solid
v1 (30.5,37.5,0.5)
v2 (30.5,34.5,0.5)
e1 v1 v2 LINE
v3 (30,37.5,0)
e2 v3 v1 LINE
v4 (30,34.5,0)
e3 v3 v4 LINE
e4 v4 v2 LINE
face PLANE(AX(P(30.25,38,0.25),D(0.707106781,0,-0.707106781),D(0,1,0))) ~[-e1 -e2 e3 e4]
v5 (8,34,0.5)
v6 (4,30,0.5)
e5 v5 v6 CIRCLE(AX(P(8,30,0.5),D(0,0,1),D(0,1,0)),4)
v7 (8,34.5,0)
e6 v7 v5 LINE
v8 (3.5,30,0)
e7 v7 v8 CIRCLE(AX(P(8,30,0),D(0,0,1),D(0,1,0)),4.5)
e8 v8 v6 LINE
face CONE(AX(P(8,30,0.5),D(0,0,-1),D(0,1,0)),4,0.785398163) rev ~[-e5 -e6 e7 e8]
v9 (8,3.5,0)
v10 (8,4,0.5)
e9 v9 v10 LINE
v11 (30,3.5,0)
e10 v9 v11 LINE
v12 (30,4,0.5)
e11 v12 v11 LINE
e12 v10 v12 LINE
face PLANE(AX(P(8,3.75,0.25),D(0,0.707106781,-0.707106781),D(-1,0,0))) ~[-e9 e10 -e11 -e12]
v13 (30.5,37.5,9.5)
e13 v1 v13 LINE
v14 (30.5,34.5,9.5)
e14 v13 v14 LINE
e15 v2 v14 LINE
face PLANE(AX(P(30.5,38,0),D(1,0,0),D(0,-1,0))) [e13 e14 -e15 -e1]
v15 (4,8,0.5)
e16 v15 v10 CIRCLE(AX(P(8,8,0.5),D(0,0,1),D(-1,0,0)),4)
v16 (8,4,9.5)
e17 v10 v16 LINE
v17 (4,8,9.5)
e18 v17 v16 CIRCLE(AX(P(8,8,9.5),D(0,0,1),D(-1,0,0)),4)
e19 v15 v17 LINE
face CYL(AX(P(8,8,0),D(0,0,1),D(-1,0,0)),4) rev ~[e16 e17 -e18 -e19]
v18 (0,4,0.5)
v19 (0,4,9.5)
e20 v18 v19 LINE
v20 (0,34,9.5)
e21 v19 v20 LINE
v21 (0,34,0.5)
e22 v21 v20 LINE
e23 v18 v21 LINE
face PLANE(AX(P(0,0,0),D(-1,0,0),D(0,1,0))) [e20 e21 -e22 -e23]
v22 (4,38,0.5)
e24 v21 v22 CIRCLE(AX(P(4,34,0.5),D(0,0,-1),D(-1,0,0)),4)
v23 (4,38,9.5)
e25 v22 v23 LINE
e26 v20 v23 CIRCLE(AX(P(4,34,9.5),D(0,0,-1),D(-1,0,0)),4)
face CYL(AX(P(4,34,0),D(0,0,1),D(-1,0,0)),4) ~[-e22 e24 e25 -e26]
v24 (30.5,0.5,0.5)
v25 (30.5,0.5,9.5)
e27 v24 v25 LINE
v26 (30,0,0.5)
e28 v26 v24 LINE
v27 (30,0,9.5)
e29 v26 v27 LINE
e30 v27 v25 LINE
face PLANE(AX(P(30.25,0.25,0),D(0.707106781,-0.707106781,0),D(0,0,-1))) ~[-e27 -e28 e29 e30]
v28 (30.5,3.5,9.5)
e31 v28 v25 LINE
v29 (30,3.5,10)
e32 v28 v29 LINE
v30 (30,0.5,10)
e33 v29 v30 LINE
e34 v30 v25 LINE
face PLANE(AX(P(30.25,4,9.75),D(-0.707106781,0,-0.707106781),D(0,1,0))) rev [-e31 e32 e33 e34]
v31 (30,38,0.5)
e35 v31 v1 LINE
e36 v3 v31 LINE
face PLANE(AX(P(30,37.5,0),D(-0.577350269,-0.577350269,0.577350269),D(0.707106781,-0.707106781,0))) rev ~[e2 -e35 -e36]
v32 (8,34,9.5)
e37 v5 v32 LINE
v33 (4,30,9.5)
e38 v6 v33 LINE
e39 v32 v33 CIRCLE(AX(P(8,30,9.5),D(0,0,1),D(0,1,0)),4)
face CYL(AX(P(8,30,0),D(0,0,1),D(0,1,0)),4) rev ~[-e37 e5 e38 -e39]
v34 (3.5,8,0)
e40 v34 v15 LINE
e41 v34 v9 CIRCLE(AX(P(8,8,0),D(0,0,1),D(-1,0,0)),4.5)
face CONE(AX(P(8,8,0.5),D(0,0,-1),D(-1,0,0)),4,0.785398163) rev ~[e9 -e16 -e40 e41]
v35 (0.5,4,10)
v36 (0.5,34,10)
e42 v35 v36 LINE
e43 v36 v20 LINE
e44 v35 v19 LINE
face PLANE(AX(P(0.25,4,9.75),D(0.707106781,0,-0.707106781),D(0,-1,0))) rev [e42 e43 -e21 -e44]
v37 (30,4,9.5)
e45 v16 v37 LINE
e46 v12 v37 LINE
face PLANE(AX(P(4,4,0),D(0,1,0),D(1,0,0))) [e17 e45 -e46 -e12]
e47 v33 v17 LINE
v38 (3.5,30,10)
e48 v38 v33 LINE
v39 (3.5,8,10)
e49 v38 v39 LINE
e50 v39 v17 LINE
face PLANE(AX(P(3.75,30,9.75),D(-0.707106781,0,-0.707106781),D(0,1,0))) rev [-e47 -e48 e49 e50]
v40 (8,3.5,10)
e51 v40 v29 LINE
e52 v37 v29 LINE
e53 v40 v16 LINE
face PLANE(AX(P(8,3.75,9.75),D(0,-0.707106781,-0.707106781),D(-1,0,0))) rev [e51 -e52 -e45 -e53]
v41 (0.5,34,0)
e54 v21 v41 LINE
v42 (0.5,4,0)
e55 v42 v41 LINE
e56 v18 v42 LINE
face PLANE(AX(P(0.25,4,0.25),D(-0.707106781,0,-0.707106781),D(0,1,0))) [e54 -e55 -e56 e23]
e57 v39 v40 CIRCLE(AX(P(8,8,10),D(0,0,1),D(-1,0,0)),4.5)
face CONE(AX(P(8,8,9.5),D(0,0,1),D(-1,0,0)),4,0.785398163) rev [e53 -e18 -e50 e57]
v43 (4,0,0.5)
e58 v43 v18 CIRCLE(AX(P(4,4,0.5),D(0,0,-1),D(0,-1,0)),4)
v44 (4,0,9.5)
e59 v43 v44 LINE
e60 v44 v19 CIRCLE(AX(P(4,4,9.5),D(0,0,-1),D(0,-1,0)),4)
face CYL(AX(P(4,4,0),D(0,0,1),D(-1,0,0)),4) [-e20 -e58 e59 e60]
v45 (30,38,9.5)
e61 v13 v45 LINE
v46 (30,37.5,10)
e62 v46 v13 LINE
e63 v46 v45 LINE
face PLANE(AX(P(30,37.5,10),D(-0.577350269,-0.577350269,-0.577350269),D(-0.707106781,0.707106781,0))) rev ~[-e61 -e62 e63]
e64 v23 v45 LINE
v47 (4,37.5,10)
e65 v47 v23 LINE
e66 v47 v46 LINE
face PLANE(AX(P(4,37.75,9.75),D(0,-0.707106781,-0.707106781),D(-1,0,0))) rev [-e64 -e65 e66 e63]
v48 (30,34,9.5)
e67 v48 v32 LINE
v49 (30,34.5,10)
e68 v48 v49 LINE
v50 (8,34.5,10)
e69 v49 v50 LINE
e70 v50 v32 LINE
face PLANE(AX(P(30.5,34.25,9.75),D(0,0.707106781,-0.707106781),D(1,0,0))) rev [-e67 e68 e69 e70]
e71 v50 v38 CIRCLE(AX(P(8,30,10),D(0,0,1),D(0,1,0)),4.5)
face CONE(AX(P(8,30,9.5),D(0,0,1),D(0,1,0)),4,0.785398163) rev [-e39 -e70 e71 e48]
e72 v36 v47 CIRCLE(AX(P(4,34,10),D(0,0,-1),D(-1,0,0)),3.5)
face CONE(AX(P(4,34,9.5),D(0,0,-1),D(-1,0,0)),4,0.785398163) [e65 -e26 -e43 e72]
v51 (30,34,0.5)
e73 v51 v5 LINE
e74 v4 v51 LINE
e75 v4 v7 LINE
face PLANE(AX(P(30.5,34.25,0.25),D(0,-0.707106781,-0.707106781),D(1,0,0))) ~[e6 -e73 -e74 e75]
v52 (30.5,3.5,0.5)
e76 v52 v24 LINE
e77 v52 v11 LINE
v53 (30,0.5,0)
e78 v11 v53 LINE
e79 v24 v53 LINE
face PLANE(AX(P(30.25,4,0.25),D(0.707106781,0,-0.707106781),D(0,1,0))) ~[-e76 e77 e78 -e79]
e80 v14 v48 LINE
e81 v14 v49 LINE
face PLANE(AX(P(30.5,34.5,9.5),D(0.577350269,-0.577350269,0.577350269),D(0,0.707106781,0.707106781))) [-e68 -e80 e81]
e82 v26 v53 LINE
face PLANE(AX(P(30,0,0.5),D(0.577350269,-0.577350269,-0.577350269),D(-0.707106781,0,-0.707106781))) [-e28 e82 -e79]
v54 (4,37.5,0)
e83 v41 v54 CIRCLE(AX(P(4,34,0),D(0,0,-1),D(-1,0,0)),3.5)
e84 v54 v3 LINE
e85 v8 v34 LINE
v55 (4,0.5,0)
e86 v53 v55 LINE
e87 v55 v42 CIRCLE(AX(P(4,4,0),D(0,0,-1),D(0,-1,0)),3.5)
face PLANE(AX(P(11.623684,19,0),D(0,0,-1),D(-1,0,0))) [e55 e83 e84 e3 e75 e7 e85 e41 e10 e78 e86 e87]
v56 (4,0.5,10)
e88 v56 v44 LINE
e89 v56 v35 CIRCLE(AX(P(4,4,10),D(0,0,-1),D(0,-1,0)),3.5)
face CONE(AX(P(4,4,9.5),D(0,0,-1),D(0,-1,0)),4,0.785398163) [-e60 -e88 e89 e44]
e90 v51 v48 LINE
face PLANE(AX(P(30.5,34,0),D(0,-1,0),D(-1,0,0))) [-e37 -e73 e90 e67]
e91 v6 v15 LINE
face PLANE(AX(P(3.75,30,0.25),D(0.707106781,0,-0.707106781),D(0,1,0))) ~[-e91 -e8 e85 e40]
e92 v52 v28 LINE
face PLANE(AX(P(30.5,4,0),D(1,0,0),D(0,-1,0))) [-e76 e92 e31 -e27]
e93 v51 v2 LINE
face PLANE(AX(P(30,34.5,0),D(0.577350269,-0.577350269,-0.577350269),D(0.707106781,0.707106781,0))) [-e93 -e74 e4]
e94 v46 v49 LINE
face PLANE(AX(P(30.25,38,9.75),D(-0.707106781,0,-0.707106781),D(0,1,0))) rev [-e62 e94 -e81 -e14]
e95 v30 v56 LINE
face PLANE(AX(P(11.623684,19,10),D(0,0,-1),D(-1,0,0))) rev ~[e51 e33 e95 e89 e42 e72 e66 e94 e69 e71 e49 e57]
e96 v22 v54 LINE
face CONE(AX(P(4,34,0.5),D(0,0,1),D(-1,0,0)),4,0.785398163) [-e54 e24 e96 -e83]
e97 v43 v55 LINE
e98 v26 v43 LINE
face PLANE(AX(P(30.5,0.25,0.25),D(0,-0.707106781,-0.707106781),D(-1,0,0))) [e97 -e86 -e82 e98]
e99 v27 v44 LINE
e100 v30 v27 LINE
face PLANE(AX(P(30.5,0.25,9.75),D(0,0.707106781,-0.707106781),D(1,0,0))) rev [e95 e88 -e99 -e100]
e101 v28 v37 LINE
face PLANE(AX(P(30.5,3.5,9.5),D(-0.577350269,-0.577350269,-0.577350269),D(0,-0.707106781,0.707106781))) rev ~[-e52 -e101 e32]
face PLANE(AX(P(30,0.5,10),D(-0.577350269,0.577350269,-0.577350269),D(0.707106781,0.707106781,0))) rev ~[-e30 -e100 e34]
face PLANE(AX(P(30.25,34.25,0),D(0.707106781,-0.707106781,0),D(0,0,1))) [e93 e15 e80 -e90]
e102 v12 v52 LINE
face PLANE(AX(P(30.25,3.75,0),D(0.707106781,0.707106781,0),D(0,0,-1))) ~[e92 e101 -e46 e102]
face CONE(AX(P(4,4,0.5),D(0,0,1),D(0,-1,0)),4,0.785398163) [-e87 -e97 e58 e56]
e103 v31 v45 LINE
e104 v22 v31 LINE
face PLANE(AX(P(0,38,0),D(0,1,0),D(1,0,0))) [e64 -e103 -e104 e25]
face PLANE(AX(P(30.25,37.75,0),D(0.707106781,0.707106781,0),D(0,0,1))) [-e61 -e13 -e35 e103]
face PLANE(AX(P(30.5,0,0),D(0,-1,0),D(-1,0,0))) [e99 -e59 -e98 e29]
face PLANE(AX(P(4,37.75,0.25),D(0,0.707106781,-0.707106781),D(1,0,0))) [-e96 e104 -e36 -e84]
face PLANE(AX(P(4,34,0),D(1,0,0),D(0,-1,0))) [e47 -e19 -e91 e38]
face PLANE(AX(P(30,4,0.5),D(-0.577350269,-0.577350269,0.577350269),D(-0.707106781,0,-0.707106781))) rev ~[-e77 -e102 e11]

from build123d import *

# Parameters (mm, degrees)
BOSS_EXTRUDE1_DEPTH = 10
FILLET1_R           = 4
CHAMFER1_SIZE       = 0.5


with BuildPart() as part:
    # Sketch1 → Boss-Extrude1 (new body)
    with BuildSketch(Plane.XY):
        Polygon((0, 0), (0, 38), (30.5, 38), (30.5, 34), (4, 34), (4, 4), (30.5, 4), (30.5, 0), align=None)
    extrude(amount=BOSS_EXTRUDE1_DEPTH)

    # Fillet1
    fillet1_edges = [part.edges().sort_by_distance(p)[0] for p in [
        (0, 0, 5),
        (0, 38, 5),
        (4, 34, 5),
        (4, 4, 5),
    ]]
    fillet(fillet1_edges, radius=FILLET1_R)

    # Chamfer1
    chamfer1_edges = [part.edges().sort_by_distance(p)[0] for p in [
        (19.25, 4, 10),
        (30.5, 2, 0),
        (30.5, 38, 5),
        (30.5, 34, 5),
        (30.5, 4, 5),
        (30.5, 0, 5),
        (30.5, 36, 10),
        (17.25, 38, 10),
        (4, 19, 0),
        (4, 19, 10),
        (19.25, 34, 0),
        (19.25, 34, 10),
        (0, 19, 0),
        (0, 19, 10),
        (17.25, 0, 0),
        (1.171572875, 1.171572875, 0),
        (1.171572875, 36.828427125, 0),
        (17.25, 0, 10),
        (1.171572875, 1.171572875, 10),
        (1.171572875, 36.828427125, 10),
        (5.171572875, 5.171572875, 0),
        (5.171572875, 5.171572875, 10),
        (5.171572875, 32.828427125, 0),
        (5.171572875, 32.828427125, 10),
        (30.5, 2, 10),
        (17.25, 38, 0),
        (30.5, 36, 0),
        (19.25, 4, 0),
    ]]
    chamfer(chamfer1_edges, length=CHAMFER1_SIZE)


solid = part.part
